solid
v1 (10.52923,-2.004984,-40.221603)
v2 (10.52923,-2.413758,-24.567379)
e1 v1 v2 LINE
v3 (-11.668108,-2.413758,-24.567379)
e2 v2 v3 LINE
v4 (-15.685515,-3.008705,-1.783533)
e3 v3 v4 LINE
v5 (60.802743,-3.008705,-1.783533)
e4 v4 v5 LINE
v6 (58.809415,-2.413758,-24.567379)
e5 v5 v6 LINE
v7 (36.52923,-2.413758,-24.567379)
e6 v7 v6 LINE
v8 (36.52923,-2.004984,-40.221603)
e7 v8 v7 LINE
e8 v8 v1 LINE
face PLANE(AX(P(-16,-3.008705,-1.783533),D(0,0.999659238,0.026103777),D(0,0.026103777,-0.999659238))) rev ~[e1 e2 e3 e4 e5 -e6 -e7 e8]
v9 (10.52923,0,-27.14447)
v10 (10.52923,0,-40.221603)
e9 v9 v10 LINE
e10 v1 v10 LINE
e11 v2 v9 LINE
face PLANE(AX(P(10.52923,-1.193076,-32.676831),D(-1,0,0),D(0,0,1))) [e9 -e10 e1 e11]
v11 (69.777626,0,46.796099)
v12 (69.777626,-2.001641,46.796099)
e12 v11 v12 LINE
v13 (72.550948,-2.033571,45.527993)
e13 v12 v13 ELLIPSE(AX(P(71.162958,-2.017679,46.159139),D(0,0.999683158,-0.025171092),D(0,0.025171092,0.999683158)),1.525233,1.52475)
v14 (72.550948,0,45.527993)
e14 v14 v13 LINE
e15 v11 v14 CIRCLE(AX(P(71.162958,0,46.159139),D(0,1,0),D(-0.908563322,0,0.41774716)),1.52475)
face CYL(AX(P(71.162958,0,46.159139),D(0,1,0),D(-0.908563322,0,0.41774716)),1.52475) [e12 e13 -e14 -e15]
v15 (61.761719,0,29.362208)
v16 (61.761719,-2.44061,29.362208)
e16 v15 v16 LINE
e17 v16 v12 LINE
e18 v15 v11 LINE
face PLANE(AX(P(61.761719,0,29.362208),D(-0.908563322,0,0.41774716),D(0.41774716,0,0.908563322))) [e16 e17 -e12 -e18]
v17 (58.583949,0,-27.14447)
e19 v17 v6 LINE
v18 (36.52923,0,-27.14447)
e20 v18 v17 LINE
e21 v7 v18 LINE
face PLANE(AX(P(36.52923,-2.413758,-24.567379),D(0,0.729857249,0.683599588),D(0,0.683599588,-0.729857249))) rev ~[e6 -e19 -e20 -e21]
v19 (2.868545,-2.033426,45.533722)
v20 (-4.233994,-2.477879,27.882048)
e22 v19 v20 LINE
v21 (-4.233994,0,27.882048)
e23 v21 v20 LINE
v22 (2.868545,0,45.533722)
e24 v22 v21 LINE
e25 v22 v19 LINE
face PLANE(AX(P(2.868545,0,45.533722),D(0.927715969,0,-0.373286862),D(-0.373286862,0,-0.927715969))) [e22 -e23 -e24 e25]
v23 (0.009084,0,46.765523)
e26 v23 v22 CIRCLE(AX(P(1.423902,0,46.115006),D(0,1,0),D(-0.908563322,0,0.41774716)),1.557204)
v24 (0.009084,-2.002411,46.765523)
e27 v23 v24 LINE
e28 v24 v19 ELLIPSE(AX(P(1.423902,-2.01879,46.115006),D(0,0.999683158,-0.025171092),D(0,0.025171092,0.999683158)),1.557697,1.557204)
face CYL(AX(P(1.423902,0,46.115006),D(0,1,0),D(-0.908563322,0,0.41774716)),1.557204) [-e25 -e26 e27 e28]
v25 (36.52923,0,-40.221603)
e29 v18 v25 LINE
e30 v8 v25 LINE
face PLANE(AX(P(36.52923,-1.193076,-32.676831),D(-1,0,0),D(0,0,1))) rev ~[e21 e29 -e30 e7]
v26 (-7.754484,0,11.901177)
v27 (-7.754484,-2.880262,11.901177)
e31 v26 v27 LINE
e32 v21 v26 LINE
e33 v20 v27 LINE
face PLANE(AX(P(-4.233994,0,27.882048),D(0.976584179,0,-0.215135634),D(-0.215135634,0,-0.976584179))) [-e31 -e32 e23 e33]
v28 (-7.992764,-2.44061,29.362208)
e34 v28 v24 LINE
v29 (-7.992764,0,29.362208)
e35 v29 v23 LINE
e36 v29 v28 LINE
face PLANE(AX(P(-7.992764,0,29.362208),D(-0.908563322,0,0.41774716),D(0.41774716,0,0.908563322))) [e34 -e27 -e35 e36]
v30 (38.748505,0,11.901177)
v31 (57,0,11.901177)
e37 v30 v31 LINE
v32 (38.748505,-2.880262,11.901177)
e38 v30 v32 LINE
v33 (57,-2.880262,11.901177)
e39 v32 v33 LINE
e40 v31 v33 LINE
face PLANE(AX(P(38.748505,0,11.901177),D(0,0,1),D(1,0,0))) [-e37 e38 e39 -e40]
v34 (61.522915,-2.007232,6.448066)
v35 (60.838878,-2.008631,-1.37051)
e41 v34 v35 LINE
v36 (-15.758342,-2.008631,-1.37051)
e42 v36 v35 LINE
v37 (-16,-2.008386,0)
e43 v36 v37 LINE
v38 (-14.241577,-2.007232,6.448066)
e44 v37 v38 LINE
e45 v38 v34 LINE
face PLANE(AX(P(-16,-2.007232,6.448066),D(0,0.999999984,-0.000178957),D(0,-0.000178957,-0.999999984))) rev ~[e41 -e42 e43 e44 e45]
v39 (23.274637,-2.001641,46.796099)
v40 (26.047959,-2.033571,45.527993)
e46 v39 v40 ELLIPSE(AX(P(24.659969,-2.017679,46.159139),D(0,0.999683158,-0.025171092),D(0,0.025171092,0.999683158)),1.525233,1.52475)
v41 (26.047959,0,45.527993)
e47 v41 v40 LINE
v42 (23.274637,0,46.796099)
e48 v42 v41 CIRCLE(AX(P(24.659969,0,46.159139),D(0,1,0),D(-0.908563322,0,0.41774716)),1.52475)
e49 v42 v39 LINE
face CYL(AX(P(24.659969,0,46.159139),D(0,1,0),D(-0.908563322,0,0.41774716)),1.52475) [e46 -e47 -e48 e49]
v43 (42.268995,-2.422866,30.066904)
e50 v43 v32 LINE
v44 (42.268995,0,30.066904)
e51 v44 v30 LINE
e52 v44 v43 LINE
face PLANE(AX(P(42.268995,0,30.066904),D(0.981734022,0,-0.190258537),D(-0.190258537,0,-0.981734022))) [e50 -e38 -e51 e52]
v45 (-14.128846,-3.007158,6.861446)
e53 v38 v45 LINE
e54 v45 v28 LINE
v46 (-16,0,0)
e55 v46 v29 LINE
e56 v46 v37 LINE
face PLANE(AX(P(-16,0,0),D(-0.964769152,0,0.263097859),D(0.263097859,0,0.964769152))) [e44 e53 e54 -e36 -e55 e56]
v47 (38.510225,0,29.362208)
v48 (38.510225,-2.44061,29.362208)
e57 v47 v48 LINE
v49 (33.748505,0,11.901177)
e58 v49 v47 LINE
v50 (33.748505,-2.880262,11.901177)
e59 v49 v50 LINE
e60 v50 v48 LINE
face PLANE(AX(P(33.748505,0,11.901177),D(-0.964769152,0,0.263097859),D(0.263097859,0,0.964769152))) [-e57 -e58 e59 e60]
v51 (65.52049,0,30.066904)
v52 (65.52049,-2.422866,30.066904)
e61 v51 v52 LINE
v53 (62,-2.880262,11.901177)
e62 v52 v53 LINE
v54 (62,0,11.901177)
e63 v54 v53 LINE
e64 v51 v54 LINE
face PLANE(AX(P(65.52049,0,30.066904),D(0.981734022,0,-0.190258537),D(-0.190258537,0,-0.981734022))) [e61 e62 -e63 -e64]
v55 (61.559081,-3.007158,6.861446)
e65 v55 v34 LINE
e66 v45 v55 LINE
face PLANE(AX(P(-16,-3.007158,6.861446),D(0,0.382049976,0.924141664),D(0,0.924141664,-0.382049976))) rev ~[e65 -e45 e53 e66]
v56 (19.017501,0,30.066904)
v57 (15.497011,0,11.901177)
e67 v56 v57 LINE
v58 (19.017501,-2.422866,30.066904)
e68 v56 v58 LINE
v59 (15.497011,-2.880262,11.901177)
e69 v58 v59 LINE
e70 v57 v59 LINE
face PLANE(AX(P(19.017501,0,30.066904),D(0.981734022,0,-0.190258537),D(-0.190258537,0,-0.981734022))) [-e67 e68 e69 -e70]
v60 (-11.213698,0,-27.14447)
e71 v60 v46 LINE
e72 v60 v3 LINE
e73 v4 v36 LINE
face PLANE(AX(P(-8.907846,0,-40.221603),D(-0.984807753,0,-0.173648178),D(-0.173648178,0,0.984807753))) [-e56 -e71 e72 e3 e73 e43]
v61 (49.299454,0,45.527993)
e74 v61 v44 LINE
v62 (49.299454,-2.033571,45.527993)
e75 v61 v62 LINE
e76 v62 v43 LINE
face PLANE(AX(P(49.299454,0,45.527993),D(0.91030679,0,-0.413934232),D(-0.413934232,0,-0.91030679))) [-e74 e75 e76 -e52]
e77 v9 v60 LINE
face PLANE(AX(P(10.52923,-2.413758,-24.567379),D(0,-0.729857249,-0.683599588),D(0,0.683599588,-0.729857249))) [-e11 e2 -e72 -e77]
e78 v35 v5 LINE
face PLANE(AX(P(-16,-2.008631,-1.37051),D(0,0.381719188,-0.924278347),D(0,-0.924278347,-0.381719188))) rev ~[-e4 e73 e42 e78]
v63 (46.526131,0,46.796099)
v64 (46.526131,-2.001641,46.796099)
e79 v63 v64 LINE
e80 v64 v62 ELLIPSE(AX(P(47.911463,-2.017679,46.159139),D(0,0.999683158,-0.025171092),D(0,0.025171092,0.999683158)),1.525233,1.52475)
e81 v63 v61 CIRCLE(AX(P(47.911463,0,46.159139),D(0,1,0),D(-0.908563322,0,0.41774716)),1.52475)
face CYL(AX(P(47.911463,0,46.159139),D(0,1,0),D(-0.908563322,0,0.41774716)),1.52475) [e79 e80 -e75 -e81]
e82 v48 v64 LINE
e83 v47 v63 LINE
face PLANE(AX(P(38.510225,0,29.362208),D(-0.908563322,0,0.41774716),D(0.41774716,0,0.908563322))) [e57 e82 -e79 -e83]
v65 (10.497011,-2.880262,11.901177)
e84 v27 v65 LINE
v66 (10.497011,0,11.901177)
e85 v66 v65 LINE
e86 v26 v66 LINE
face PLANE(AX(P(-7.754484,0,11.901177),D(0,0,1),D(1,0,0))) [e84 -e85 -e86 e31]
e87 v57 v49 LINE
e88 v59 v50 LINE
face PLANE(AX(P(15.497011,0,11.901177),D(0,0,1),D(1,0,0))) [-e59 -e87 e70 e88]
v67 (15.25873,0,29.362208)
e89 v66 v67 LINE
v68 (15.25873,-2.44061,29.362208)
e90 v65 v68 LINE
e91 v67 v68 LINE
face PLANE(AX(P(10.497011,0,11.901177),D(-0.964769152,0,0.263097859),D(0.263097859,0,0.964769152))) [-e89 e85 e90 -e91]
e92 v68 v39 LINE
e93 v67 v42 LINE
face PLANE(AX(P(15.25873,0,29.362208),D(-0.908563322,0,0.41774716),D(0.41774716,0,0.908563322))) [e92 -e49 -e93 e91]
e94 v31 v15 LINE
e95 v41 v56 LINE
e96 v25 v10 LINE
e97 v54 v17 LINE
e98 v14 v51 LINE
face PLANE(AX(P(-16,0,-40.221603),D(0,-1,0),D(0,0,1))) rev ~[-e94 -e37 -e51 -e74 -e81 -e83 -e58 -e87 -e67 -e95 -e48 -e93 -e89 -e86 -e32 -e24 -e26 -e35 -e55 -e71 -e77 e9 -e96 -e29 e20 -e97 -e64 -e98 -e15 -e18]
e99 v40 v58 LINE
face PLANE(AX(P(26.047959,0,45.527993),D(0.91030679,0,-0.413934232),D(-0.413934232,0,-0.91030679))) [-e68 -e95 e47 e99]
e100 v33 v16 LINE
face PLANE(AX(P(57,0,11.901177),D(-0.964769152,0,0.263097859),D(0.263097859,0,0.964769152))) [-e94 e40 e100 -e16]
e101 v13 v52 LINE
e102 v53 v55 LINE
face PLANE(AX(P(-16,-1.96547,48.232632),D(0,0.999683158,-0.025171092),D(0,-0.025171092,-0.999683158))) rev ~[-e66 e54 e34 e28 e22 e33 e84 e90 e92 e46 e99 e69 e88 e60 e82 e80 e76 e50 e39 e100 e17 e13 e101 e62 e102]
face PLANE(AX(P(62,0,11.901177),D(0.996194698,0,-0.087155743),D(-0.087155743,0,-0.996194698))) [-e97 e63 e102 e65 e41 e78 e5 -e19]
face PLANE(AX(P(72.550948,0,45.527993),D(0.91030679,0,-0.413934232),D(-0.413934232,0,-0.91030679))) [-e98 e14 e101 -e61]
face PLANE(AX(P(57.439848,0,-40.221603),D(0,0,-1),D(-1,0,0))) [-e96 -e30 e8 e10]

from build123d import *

# Parameters (mm, degrees)
BOSS_EXTRUDE1_START = -16
BOSS_EXTRUDE1_DEPTH = 89.157051
SKETCH3_OUTSIDE_W   = 116.287
SKETCH3_OUTSIDE_H   = 115.611
CUT_EXTRUDE1_DEPTH  = 88.677780629
CUT_EXTRUDE2_START  = 10.52923
CUT_EXTRUDE2_DEPTH  = 98.513759981
CUT_EXTRUDE3_START  = 36.52923
CUT_EXTRUDE3_DEPTH  = 51.455299981


with BuildPart() as part:
    # Sketch2 → Boss-Extrude1 (new body)
    with BuildSketch(Plane(origin=(0, 0, 0), x_dir=(0, 0, -1), z_dir=(1, 0, 0)).offset(BOSS_EXTRUDE1_START)):
        Polygon((1.783532587, -3.008705321), (40.247767664, -2.004301248), (40.22160329, 0), (-48.232632079, 0), (-48.232632079, -1.965470246), (-6.861445597, -3.00715824), (-6.448065556, -2.007232202), (1.370510461, -2.008631392), align=None)
    extrude(amount=BOSS_EXTRUDE1_DEPTH)

    # Sketch3 outside → Cut-Extrude1 (cut, through all)
    with BuildSketch(Plane(origin=(0, 0, 0), x_dir=(1, 0, 0), z_dir=(0, 1, 0))):
        with Locations((28.5785, -3.9925)):
            Rectangle(SKETCH3_OUTSIDE_W, SKETCH3_OUTSIDE_H)
        with BuildLine():
            Line((-16, 0), (-7.992764086, -29.362208482))
            Line((-7.992764086, -29.362208482), (0.009083526, -46.765523098))
            ThreePointArc((0.009083526, -46.765523098), (2.039982857, -47.545155183), (2.868544584, -45.533721926))
            Line((2.868544584, -45.533721926), (-4.233993603, -27.882047686))
            Line((-4.233993603, -27.882047686), (-7.754483566, -11.901176784))
            Line((-7.754483566, -11.901176784), (10.497010956, -11.901176784))
            Line((10.497010956, -11.901176784), (15.258730436, -29.362208482))
            Line((15.258730436, -29.362208482), (23.274636539, -46.796099079))
            ThreePointArc((23.274636539, -46.796099079), (25.294023142, -47.545803313), (26.047958994, -45.527992762))
            Line((26.047958994, -45.527992762), (19.017500919, -30.066904431))
            Line((19.017500919, -30.066904431), (15.497010956, -11.901176784))
            Line((15.497010956, -11.901176784), (33.748505478, -11.901176784))
            Line((33.748505478, -11.901176784), (38.510224958, -29.362208482))
            Line((38.510224958, -29.362208482), (46.526131062, -46.796099079))
            ThreePointArc((46.526131062, -46.796099079), (48.545517664, -47.545803313), (49.299453516, -45.527992762))
            Line((49.299453516, -45.527992762), (42.268995441, -30.066904431))
            Line((42.268995441, -30.066904431), (38.748505478, -11.901176784))
            Line((38.748505478, -11.901176784), (57, -11.901176784))
            Line((57, -11.901176784), (61.76171948, -29.362208482))
            Line((61.76171948, -29.362208482), (69.777625584, -46.796099079))
            ThreePointArc((69.777625584, -46.796099079), (71.797012186, -47.545803313), (72.550948038, -45.527992762))
            Line((72.550948038, -45.527992762), (65.520489963, -30.066904431))
            Line((65.520489963, -30.066904431), (62, -11.901176784))
            Line((62, -11.901176784), (57.439847632, 40.22160329))
            Line((57.439847632, 40.22160329), (-8.907846133, 40.22160329))
            Line((-8.907846133, 40.22160329), (-16, 0))
        make_face(mode=Mode.SUBTRACT)
    extrude(amount=-CUT_EXTRUDE1_DEPTH, mode=Mode.SUBTRACT)

    # Sketch4 → Cut-Extrude2 (cut, through all)
    with BuildSketch(Plane(origin=(0, 0, 0), x_dir=(0, 0, -1), z_dir=(1, 0, 0)).offset(CUT_EXTRUDE2_START)):
        Polygon((24.567378522, -2.413758155), (27.144470315, 0), (40.22160329, 0), (40.247767664, -2.004301248), align=None)
    extrude(amount=-CUT_EXTRUDE2_DEPTH, mode=Mode.SUBTRACT)

    # Sketch4<2> → Cut-Extrude3 (cut, through all)
    with BuildSketch(Plane(origin=(0, 0, 0), x_dir=(0, 0, -1), z_dir=(1, 0, 0)).offset(CUT_EXTRUDE3_START)):
        Polygon((24.567378522, -2.413758155), (27.144470315, 0), (40.22160329, 0), (40.247767664, -2.004301248), align=None)
    extrude(amount=CUT_EXTRUDE3_DEPTH, mode=Mode.SUBTRACT)


solid = part.part
